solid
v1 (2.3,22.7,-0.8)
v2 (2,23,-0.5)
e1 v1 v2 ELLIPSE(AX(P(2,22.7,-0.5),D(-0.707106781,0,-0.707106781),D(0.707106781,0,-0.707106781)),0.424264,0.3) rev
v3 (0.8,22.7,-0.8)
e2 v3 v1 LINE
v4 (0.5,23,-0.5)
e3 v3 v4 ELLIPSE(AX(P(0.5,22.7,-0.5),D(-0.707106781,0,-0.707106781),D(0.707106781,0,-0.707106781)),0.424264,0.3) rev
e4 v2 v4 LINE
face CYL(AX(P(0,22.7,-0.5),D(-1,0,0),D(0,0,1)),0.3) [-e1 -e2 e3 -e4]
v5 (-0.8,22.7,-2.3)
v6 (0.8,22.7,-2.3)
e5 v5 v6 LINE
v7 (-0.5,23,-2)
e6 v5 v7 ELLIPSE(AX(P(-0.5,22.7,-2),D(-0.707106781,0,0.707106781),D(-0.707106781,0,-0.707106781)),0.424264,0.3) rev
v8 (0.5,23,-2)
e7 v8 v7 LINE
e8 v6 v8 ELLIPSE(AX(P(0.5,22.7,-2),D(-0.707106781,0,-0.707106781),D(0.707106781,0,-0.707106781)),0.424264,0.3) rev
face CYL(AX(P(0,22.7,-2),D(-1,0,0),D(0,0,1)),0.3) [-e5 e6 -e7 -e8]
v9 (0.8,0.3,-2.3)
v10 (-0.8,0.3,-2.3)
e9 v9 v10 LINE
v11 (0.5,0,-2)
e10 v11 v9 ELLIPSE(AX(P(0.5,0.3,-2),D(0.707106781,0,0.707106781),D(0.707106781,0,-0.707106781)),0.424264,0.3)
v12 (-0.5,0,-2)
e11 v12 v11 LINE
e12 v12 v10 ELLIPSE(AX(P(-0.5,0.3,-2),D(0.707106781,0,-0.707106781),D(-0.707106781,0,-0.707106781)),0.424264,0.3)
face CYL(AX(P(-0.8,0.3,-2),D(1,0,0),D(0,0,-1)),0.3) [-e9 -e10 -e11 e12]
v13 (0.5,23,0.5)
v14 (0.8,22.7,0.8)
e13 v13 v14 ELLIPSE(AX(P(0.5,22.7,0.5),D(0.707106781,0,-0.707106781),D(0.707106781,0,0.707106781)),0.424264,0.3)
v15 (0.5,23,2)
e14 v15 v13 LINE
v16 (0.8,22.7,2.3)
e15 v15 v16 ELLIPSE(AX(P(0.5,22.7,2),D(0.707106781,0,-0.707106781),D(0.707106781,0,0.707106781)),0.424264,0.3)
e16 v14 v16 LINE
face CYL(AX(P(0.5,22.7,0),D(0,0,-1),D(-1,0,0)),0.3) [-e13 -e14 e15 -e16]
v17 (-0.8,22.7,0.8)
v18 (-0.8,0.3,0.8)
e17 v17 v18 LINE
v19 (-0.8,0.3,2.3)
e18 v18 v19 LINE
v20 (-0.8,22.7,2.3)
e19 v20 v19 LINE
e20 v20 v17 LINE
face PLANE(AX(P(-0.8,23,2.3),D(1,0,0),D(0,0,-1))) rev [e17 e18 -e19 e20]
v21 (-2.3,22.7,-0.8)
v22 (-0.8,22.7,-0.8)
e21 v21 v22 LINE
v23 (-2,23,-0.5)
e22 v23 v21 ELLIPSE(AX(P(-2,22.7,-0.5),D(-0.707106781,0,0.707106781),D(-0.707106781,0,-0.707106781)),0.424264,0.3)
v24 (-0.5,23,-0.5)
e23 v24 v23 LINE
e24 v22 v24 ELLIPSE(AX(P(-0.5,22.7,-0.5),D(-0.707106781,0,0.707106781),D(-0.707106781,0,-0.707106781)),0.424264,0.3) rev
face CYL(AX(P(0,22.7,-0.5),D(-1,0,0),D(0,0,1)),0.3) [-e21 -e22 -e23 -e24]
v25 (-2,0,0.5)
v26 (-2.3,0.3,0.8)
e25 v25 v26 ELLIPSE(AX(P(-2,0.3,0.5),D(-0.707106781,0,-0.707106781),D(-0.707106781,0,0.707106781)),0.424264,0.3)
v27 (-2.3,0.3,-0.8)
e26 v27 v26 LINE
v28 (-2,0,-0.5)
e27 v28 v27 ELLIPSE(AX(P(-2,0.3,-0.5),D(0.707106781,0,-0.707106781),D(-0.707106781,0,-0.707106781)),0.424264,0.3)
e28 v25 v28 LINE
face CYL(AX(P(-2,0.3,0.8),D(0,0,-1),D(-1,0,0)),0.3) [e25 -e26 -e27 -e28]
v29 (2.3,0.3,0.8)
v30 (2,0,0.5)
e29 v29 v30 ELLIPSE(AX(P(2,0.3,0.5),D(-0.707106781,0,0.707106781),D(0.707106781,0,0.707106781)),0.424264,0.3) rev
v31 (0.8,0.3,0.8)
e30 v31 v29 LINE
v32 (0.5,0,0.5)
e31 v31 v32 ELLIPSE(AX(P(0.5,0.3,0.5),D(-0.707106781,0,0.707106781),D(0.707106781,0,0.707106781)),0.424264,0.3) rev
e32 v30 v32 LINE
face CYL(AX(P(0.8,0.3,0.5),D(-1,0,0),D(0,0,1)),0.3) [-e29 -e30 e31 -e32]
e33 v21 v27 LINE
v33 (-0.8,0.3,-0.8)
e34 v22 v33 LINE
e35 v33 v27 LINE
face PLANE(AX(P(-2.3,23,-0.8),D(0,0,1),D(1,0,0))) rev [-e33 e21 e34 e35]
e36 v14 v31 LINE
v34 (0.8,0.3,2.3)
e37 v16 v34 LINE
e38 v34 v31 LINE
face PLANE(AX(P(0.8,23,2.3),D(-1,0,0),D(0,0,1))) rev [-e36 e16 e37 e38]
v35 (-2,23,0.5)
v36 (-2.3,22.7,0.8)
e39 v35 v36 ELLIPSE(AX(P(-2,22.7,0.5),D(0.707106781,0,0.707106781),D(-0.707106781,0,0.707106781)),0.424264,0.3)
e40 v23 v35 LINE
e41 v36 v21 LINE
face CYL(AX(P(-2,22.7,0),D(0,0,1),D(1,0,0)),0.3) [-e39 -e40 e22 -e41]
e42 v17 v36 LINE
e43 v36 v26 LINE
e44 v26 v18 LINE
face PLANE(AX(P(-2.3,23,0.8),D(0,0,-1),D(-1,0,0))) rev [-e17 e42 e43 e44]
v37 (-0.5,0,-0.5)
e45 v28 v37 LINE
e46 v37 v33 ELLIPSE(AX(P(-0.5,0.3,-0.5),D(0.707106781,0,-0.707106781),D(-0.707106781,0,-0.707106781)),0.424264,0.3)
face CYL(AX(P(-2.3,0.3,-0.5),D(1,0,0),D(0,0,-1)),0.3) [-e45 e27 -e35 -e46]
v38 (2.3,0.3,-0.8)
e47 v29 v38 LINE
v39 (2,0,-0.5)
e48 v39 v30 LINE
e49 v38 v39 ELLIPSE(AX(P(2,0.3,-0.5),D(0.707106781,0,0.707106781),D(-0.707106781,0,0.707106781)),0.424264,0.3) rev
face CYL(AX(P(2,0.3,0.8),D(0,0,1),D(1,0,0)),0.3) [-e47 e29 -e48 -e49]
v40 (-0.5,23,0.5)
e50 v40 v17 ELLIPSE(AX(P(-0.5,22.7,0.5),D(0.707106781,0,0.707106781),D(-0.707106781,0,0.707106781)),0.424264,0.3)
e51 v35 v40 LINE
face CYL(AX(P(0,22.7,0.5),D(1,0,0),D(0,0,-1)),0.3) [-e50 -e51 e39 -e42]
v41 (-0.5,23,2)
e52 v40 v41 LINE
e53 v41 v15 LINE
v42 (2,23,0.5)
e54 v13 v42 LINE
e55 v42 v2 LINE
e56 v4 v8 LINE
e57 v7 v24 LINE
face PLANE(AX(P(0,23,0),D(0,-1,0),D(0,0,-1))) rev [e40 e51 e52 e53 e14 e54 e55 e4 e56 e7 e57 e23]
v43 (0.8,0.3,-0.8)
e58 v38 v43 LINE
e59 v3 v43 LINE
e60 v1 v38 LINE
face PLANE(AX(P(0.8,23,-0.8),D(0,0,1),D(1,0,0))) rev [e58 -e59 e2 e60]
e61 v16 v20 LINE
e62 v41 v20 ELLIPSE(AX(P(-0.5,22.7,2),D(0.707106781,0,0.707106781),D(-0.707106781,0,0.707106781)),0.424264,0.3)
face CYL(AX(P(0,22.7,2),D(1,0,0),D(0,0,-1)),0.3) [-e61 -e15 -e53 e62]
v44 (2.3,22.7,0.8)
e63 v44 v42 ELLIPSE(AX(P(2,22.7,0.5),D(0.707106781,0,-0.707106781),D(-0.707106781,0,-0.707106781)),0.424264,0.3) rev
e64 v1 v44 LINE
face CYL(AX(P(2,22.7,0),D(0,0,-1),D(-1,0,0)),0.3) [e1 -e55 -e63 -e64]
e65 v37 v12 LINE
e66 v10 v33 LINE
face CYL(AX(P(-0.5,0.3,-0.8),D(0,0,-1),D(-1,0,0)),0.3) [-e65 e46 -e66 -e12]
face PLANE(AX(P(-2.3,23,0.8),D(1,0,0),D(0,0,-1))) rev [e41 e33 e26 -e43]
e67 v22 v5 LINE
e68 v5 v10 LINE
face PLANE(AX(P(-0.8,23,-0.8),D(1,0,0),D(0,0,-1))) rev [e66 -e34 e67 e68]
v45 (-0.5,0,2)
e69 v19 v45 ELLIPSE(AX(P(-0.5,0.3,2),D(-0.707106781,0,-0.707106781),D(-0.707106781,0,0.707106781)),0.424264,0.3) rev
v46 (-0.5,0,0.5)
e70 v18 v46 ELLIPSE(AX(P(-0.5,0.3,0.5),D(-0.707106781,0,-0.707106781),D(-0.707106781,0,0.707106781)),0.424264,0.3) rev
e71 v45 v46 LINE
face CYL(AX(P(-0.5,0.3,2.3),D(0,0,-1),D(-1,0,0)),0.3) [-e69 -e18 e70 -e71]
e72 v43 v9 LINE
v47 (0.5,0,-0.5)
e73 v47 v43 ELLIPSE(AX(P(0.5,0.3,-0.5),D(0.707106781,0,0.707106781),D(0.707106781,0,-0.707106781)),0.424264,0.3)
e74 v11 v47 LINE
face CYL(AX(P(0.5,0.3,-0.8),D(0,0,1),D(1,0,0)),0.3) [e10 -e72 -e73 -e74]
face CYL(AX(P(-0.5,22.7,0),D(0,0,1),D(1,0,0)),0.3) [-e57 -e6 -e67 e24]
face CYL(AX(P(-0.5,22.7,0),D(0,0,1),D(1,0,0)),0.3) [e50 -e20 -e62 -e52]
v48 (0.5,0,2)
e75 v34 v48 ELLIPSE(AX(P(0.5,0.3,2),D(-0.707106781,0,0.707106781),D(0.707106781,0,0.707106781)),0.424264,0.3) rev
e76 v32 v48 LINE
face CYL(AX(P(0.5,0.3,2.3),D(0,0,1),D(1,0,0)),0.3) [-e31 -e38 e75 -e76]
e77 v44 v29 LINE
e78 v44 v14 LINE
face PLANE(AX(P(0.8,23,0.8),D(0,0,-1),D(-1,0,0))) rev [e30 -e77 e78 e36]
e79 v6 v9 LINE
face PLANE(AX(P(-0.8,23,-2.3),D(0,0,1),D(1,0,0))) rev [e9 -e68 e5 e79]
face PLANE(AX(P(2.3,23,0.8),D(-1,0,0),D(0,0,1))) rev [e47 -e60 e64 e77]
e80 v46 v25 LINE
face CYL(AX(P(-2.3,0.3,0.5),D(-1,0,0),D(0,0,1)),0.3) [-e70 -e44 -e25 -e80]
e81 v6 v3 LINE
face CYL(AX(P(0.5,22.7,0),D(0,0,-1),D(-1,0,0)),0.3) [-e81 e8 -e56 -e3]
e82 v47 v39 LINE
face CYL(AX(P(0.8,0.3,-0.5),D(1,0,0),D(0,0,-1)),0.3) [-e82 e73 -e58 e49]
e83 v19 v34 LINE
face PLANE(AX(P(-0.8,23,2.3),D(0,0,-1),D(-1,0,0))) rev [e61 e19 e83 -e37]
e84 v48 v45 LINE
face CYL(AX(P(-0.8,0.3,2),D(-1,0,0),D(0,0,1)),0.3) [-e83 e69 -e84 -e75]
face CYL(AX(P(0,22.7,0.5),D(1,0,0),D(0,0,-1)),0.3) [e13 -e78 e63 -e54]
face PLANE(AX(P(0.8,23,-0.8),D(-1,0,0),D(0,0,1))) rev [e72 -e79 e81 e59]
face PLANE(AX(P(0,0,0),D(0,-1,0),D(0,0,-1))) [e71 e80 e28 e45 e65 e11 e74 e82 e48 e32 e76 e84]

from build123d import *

# Parameters (mm, degrees)
BOSS_EXTRUDE1_DEPTH = 23
FILLET1_R           = 0.3


with BuildPart() as part:
    # Sketch1 → Boss-Extrude1 (new body)
    with BuildSketch(Plane(origin=(0, 0, 0), x_dir=(1, 0, 0), z_dir=(0, 1, 0))):
        Polygon((0.8, 0.8), (2.3, 0.8), (2.3, -0.8), (0.8, -0.8), (0.8, -2.3), (-0.8, -2.3), (-0.8, -0.8), (-2.3, -0.8), (-2.3, 0.8), (-0.8, 0.8), (-0.8, 2.3), (0.8, 2.3), align=None)
    extrude(amount=BOSS_EXTRUDE1_DEPTH)

    # Fillet1
    fillet1_edges = [part.edges().sort_by_distance(p)[0] for p in [
        (1.55, 0, 0.8),
        (0.8, 0, 1.55),
        (0.8, 23, -1.55),
        (0, 0, 2.3),
        (-0.8, 0, 1.55),
        (-1.55, 0, 0.8),
        (-2.3, 0, 0),
        (-1.55, 0, -0.8),
        (-0.8, 0, -1.55),
        (0, 0, -2.3),
        (0.8, 0, -1.55),
        (1.55, 0, -0.8),
        (2.3, 0, 0),
        (0, 23, -2.3),
        (-0.8, 23, -1.55),
        (-1.55, 23, -0.8),
        (-2.3, 23, 0),
        (-1.55, 23, 0.8),
        (-0.8, 23, 1.55),
        (0, 23, 2.3),
        (0.8, 23, 1.55),
        (1.55, 23, 0.8),
        (2.3, 23, 0),
        (1.55, 23, -0.8),
    ]]
    fillet(fillet1_edges, radius=FILLET1_R)


solid = part.part
